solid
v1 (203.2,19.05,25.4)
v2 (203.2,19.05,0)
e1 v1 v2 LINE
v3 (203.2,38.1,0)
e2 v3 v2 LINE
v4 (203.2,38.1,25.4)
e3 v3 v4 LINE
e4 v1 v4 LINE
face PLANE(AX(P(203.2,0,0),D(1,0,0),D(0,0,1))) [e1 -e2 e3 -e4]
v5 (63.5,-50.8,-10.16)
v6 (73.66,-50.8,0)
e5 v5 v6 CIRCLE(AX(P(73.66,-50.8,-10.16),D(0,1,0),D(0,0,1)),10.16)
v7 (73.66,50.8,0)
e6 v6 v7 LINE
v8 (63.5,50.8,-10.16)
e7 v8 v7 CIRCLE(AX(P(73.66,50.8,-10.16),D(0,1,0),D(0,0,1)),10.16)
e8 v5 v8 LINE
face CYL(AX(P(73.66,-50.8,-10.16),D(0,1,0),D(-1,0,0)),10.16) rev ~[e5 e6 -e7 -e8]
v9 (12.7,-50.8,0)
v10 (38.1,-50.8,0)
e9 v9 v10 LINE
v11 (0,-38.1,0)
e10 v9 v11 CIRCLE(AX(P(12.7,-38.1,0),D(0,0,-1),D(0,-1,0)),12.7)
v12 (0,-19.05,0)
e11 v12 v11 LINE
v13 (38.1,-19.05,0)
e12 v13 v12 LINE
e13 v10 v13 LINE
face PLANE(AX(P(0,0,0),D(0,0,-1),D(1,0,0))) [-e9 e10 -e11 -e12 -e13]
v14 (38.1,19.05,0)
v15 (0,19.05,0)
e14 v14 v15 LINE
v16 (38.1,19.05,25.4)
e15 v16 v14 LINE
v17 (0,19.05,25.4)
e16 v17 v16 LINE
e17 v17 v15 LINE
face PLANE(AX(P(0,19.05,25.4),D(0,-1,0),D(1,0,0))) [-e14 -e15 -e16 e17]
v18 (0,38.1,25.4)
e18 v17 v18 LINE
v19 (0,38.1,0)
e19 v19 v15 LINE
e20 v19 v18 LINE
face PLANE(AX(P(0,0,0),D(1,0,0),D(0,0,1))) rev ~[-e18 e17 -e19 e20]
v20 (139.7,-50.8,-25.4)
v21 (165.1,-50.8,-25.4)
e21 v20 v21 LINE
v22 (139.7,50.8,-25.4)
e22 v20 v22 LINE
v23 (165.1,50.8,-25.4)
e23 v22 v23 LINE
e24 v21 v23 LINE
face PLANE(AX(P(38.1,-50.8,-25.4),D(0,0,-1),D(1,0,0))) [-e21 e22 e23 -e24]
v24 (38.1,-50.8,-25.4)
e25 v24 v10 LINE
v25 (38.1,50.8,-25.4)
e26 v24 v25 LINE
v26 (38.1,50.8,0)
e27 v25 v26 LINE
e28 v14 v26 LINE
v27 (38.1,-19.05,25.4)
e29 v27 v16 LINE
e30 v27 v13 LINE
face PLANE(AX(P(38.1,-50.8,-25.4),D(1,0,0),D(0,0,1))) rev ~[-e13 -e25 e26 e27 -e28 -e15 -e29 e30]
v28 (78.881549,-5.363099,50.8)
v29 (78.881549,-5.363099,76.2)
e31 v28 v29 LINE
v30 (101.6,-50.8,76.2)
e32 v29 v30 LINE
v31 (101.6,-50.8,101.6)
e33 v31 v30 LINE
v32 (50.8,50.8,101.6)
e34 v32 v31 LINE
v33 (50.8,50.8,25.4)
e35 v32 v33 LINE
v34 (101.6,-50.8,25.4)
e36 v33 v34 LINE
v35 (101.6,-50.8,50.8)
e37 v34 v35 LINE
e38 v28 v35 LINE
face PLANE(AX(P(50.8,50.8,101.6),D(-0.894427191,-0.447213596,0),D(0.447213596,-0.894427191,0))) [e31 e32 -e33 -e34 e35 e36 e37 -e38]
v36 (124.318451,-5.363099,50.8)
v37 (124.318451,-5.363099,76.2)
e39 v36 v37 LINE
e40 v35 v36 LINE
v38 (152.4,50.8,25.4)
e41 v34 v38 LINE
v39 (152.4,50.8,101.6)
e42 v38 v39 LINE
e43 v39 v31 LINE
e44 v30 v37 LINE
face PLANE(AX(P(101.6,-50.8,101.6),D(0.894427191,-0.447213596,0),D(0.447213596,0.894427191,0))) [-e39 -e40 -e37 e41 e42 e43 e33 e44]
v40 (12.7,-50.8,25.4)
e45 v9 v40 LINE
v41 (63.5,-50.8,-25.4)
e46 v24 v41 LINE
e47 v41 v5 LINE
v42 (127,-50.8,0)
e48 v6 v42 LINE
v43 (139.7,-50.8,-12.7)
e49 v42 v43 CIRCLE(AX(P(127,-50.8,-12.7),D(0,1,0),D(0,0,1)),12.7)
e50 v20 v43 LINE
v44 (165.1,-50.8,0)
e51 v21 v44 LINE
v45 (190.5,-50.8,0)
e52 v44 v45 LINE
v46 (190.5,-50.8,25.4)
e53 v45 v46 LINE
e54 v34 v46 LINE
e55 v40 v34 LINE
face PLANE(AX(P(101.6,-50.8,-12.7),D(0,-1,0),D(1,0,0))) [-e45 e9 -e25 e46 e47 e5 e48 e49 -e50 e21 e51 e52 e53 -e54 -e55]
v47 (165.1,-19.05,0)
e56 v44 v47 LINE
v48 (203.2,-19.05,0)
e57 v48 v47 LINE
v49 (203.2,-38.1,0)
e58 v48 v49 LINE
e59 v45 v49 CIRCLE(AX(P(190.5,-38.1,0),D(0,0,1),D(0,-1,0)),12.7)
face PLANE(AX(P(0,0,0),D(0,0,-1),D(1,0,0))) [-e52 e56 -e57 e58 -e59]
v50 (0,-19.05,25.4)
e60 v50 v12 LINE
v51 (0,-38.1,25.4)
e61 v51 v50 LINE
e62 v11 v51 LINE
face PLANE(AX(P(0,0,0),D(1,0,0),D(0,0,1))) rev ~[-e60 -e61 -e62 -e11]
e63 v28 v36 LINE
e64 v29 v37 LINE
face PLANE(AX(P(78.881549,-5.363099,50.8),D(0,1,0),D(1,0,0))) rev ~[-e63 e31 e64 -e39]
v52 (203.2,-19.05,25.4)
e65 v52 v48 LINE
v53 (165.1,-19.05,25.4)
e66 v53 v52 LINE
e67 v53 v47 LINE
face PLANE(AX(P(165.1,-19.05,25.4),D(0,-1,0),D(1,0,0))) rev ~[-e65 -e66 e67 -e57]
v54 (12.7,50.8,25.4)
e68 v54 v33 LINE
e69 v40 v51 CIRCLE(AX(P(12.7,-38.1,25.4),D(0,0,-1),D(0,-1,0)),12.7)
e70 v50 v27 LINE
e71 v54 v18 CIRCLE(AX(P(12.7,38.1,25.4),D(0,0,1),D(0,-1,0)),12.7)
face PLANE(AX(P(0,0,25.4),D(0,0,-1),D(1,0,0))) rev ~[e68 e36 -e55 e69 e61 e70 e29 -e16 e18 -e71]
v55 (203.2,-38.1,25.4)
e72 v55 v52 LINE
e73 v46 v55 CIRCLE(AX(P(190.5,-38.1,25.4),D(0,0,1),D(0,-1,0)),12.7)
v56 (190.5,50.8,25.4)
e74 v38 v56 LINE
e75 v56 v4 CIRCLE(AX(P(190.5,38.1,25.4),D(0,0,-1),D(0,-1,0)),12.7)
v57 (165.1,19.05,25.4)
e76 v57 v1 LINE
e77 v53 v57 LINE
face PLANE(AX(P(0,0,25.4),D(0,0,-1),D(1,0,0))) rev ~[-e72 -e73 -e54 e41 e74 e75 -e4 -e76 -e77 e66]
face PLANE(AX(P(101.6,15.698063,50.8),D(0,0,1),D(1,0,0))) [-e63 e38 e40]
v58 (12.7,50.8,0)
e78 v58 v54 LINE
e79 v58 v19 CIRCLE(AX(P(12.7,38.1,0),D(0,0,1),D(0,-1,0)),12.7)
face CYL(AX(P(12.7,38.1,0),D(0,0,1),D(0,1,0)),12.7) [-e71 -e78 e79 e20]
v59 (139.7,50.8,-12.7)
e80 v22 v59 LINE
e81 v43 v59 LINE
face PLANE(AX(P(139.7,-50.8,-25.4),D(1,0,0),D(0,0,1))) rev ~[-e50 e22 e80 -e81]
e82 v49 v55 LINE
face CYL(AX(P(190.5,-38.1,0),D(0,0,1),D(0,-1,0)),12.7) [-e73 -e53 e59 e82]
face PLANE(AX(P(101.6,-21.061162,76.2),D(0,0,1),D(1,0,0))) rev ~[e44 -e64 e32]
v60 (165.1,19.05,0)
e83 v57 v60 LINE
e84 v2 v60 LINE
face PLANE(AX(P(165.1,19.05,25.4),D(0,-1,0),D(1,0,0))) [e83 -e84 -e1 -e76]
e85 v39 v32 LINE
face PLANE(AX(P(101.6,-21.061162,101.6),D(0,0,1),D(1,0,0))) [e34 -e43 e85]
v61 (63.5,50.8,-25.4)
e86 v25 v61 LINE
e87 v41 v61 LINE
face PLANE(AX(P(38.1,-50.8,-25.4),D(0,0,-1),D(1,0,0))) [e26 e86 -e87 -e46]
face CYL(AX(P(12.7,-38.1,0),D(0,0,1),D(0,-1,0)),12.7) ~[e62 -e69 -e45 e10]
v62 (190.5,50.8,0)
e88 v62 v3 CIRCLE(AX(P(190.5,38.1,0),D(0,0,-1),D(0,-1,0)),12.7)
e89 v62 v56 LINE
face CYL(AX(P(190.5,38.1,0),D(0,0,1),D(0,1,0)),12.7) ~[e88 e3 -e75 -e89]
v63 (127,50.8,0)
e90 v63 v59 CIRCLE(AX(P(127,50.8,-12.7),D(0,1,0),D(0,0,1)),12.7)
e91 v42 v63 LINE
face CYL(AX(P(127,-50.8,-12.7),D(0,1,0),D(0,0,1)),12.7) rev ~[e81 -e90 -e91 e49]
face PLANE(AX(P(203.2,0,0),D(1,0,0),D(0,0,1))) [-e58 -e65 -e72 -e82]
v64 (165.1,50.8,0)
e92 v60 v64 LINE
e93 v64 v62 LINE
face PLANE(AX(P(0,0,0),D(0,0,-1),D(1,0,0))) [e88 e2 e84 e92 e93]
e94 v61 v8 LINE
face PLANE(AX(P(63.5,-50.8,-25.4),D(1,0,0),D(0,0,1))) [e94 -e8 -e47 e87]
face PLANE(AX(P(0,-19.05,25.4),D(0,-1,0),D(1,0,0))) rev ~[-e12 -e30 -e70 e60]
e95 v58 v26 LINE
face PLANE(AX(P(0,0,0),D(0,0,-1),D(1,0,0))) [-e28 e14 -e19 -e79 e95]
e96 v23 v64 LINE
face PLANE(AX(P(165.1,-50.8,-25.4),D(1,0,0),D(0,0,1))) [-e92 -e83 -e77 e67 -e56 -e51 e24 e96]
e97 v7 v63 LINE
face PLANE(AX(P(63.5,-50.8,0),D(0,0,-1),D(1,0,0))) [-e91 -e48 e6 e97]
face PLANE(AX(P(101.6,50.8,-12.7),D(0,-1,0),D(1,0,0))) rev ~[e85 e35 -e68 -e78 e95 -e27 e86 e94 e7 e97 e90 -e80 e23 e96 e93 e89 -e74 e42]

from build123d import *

# Parameters (mm, degrees)
F0_W      = 203.2
F0_H      = 25.4
F1_DEPTH  = 50.8
F3_DEPTH  = 25.4
F5_DEPTH  = 50.8
F7_DEPTH  = 25.4
F8_W      = 38.1
F8_H      = 38.1
F9_DEPTH  = 25.401
F10_R     = 12.7
F11_W     = 127
F11_H     = 25.4
F12_DEPTH = 101.6
F13_W     = 76.2
F13_H     = 25.4
F14_DEPTH = 101.601
F15_R     = 10.16
F16_R     = 12.7


with BuildPart() as f1:
    # F0 (on Front) → F1 (new body, symmetric)
    with BuildSketch(Plane.XZ):
        with Locations((101.6, 12.7)):
            Rectangle(F0_W, F0_H)
    extrude(amount=F1_DEPTH, both=True)

    # F2 (on face) → F3 (join)
    with BuildSketch(Plane.XY.offset(25.4)):
        Polygon((50.8, 50.8), (101.6, -50.8), (152.4, 50.8), align=None)
    extrude(amount=F3_DEPTH)

    # F4 (on face) → F5 (join)
    with BuildSketch(Plane.XY.offset(50.8)):
        Polygon((50.8, 50.8), (78.8815493486, -5.3630986972), (124.3184506514, -5.3630986972), (152.4, 50.8), align=None)
    extrude(amount=F5_DEPTH)

    # F6 (on face) → F7 (join)
    with BuildSketch(Plane.XY.offset(101.6)):
        Polygon((124.3184506514, -5.3630986972), (78.8815493486, -5.3630986972), (101.6, -50.8), align=None)
        Polygon((50.8, 50.8), (78.8815493486, -5.3630986972), (124.3184506514, -5.3630986972), (152.4, 50.8), align=None)
    extrude(amount=-F7_DEPTH)

    # F8 (on face) → F9 (cut, through all)
    with BuildSketch(Plane.XY.offset(25.4)):
        with Locations((19.05, 0)):
            Rectangle(F8_W, F8_H)
        with Locations((184.15, 0)):
            Rectangle(F8_W, F8_H)
    extrude(amount=-F9_DEPTH, mode=Mode.SUBTRACT)

    # F10
    f10_edges = [f1.edges().sort_by_distance(p)[0] for p in [
        (0, 50.8, 12.7),
        (0, -50.8, 12.7),
        (203.2, -50.8, 12.7),
        (203.2, 50.8, 12.7),
    ]]
    fillet(f10_edges, radius=F10_R)

    # F11 (on face) → F12 (join, through all)
    with BuildSketch(Plane.XZ.offset(50.8)):
        with Locations((101.6, -12.7)):
            Rectangle(F11_W, F11_H)
    extrude(amount=-F12_DEPTH)

    # F13 (on face) → F14 (cut, through all)
    with BuildSketch(Plane.XZ.offset(50.8)):
        with Locations((101.6, -12.7)):
            Rectangle(F13_W, F13_H)
    extrude(amount=-F14_DEPTH, mode=Mode.SUBTRACT)

    # F15
    f15_edges = [f1.edges().sort_by_distance(p)[0] for p in [
        (63.5, 0, 0),
    ]]
    fillet(f15_edges, radius=F15_R)

    # F16
    f16_edges = [f1.edges().sort_by_distance(p)[0] for p in [
        (139.7, 0, 0),
    ]]
    fillet(f16_edges, radius=F16_R)


solid = f1.part
